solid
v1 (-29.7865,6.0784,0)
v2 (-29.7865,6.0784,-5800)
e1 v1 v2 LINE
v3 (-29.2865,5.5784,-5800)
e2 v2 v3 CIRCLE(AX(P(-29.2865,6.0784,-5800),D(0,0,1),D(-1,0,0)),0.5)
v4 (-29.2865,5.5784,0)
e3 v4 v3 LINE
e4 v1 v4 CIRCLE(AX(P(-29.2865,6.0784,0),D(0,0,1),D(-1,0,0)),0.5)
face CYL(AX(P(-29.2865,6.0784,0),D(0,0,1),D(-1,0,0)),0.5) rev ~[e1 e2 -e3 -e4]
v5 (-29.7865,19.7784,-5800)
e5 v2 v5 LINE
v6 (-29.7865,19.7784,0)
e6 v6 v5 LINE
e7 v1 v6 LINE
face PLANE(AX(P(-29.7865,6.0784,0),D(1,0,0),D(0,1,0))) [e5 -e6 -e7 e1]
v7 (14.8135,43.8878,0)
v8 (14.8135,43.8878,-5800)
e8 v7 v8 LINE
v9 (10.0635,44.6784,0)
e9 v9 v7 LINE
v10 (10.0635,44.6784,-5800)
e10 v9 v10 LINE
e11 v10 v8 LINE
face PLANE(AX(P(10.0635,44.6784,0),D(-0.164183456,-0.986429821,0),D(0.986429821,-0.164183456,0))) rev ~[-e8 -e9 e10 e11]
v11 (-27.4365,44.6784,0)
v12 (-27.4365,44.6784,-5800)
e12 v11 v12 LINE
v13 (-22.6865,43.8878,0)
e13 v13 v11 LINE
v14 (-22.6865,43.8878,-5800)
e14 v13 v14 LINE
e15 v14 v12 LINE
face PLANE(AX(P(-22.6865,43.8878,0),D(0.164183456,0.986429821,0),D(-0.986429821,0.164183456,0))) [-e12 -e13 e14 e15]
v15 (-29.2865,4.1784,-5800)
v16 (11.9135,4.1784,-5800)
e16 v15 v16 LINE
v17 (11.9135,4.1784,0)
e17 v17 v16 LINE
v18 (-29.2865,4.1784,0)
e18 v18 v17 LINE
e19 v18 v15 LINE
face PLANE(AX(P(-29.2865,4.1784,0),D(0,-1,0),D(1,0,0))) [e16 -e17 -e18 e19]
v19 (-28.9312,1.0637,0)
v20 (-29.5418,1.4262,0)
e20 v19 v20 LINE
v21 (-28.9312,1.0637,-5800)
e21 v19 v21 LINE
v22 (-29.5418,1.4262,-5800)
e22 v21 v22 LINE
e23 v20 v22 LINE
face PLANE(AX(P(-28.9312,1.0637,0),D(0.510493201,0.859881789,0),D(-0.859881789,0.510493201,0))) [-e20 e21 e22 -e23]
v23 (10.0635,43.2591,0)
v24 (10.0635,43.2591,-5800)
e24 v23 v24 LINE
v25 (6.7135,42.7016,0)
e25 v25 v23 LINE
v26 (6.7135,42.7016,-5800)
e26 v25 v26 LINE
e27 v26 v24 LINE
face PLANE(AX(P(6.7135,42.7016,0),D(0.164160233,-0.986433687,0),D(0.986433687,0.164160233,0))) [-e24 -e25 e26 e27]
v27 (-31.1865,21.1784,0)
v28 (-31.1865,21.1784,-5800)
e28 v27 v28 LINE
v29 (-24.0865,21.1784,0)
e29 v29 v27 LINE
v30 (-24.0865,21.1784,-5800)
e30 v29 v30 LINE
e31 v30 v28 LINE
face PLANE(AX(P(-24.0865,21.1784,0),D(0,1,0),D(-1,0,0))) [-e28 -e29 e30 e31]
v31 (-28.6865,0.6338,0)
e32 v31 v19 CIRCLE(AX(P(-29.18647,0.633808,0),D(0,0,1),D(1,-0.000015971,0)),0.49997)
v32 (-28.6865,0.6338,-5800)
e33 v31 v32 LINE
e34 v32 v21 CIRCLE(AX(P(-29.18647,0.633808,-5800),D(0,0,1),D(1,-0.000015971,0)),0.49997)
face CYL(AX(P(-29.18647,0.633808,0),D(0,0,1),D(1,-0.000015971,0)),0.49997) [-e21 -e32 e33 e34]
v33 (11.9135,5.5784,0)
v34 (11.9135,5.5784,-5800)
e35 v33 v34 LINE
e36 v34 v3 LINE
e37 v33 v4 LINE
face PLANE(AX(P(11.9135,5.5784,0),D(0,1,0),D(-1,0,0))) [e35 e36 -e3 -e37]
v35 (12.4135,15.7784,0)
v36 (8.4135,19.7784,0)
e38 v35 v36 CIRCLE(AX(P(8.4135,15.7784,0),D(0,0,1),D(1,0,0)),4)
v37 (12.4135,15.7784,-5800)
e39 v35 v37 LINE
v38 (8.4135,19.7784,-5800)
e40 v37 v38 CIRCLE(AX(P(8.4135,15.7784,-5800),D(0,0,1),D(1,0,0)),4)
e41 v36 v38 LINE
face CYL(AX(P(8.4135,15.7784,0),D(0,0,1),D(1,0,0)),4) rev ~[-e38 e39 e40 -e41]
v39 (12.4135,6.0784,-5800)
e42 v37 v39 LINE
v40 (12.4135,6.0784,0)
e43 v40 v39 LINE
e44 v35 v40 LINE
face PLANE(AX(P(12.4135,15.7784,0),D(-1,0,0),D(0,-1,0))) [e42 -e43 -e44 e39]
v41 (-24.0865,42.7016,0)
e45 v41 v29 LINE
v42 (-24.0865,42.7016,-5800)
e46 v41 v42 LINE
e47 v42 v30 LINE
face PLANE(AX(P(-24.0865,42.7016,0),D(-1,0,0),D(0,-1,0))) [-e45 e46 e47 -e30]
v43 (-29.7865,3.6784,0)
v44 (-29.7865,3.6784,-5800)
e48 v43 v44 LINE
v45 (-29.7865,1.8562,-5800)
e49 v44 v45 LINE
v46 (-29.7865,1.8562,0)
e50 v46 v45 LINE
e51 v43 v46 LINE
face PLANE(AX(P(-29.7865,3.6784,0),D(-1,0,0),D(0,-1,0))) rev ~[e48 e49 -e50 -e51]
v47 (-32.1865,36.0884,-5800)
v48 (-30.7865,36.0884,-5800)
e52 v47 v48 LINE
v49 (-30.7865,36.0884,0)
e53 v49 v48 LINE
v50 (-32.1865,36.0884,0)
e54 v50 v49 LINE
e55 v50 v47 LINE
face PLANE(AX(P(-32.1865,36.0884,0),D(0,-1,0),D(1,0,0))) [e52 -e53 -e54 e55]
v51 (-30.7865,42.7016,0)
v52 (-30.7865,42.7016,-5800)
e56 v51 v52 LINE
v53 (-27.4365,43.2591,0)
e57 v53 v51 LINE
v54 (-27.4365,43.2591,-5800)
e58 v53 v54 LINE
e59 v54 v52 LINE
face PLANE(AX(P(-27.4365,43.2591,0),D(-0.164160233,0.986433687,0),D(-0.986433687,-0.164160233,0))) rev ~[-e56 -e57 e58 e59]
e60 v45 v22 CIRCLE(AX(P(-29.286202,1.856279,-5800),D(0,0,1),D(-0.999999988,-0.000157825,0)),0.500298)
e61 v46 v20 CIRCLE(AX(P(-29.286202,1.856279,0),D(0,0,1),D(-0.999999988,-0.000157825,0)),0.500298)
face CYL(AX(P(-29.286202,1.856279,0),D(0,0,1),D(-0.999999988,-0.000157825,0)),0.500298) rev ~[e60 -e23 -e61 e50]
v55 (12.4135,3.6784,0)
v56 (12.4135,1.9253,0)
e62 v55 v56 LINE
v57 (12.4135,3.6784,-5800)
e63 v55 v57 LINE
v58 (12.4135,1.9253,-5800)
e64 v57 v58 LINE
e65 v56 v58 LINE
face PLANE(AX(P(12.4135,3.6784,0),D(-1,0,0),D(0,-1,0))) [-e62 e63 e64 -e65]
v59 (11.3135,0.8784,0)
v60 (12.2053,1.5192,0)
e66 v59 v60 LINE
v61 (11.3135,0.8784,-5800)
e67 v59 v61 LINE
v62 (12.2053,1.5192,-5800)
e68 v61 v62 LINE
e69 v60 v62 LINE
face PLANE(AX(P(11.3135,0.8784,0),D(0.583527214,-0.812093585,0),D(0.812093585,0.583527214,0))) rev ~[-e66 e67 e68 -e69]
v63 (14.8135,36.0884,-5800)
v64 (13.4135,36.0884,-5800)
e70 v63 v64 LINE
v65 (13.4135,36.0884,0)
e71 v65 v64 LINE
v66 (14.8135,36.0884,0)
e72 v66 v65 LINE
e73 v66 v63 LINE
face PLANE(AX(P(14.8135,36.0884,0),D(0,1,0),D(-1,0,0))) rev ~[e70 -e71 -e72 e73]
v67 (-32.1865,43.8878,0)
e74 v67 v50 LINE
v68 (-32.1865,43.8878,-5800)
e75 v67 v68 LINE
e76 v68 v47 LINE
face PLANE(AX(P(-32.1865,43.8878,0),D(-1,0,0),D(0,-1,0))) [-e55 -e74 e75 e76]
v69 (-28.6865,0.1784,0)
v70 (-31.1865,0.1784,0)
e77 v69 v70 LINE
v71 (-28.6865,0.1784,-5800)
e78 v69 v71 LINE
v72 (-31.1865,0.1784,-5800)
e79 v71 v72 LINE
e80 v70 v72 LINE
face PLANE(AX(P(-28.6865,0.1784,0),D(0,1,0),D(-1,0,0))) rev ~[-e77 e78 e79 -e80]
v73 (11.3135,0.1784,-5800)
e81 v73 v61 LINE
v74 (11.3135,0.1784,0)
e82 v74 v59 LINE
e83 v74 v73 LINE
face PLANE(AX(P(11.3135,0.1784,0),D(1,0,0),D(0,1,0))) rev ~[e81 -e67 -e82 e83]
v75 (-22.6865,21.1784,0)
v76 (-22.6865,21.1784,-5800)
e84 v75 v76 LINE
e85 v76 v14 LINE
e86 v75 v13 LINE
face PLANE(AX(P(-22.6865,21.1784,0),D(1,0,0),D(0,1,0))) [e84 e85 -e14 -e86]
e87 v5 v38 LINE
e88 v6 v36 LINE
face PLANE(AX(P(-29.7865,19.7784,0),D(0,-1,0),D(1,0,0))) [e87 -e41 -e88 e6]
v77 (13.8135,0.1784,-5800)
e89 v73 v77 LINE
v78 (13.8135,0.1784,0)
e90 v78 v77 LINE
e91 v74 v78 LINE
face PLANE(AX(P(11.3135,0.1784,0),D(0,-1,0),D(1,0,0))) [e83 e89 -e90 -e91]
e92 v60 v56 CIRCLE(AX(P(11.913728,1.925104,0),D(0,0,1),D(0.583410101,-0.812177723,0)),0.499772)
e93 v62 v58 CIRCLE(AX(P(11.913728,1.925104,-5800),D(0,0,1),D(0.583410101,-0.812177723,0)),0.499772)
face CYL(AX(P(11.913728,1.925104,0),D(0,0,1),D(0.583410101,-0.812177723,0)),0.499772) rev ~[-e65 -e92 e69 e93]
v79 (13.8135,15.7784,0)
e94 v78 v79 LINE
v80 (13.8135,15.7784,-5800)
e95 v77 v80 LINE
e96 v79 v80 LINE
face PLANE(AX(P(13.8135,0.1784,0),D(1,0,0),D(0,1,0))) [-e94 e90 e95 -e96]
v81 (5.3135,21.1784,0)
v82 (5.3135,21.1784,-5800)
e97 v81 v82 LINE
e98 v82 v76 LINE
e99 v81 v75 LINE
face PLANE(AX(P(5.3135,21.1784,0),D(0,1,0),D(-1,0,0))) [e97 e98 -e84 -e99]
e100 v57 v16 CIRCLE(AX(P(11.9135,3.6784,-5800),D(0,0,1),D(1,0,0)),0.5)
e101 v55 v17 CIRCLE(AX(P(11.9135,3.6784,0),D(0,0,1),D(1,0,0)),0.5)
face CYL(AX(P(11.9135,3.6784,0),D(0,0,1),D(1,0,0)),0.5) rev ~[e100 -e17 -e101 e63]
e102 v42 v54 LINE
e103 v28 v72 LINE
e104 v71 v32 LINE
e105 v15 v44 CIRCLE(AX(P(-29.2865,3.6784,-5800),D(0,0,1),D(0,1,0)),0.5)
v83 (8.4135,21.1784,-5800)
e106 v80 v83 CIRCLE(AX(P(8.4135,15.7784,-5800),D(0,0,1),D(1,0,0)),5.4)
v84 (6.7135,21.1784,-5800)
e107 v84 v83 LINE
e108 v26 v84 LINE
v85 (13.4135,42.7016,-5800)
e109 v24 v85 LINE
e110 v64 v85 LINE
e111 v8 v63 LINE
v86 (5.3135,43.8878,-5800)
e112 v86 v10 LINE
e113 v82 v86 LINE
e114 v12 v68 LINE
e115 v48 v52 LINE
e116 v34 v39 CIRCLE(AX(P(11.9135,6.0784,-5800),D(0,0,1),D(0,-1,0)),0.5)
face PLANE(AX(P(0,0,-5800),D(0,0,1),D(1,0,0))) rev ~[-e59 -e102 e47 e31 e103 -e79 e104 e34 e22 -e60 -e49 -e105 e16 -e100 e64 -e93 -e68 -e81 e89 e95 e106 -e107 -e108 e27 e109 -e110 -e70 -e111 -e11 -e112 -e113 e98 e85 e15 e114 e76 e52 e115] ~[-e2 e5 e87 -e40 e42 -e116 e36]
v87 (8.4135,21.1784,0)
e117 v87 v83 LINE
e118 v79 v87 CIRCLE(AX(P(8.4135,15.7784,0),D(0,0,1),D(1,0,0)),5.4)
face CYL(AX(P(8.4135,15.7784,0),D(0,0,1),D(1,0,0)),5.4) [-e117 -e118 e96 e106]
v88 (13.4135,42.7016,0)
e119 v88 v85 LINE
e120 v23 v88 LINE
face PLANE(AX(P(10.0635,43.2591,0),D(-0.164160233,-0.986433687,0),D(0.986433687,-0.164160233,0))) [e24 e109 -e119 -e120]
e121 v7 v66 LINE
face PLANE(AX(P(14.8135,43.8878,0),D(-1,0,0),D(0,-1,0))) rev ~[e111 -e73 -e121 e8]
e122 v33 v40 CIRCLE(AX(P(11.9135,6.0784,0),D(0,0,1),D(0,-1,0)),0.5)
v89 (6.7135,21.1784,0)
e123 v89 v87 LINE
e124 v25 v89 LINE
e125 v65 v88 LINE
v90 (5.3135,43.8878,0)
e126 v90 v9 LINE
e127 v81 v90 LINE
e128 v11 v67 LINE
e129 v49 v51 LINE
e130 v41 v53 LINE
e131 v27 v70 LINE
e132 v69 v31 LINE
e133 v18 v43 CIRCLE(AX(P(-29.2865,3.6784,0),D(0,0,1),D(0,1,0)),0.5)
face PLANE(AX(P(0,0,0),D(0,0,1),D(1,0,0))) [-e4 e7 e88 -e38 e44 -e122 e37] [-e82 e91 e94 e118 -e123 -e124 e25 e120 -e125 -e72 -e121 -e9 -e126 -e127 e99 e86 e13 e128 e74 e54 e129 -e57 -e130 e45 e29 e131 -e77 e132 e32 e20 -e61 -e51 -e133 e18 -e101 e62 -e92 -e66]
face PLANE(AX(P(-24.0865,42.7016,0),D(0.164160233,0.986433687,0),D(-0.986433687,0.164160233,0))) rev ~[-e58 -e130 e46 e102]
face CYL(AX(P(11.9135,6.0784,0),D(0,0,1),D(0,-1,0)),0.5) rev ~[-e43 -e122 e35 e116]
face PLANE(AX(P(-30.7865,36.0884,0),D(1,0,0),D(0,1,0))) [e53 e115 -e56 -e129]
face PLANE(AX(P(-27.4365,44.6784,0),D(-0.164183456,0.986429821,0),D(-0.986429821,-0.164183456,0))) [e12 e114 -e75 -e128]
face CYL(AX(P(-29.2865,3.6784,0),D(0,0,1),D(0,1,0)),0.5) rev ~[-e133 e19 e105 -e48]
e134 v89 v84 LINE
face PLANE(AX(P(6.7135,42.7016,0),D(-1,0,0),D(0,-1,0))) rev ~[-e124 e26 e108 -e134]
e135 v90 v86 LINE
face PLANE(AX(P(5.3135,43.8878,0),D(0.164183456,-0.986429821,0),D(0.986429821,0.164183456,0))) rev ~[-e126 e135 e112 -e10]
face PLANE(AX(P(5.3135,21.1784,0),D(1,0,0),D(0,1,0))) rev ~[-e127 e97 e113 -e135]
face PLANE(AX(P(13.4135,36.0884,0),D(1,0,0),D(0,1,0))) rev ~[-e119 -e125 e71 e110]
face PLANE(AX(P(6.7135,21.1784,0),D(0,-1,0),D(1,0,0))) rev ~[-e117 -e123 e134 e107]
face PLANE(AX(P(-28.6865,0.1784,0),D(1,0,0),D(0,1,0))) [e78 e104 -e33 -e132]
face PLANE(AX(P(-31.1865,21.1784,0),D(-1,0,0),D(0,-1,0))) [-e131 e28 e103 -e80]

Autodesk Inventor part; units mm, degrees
ref_plane "YZ Plane" through (0, 0, 0) normal (1, 0, 0) x (0, 1, 0)
ref_plane "XZ Plane" through (0, 0, 0) normal (0, 1, 0) x (-1, 0, 0)
ref_plane "XY Plane" through (0, 0, 0) normal (0, 0, 1) x (1, 0, 0)
sketch "Boceto1" plane through (0, 0, 0) normal (0, 0, 1) x (1, 0, 0)
  line L0 (-31.1865, 21.1784) -> (-31.1865, 0.1784)
  line L1 (-29.2865, 4.1784) -> (11.9135, 4.1784)
  line L2 (13.8135, 0.1784) -> (13.8135, 15.7784)
  line L3 (6.7135, 42.7016) -> (6.7135, 21.1784)
  line L4 (-29.7865, 19.7784) -> (8.4135, 19.7784)
  line L5 (12.4135, 15.7784) -> (12.4135, 6.0784)
  line L6 (11.9135, 5.5784) -> (-29.2865, 5.5784)
  line L7 (-29.7865, 6.0784) -> (-29.7865, 19.7784)
  arc A0 (12.4135, 15.7784) -> (8.4135, 19.7784) centre (8.4135, 15.7784) ccw
  line L8 (12.4135, 3.6784) -> (12.4135, 1.9253)
  line L9 (11.3135, 0.1784) -> (13.8135, 0.1784)
  line L10 (5.3135, 21.1784) -> (5.3135, 43.8878)
  line L11 (-29.7865, 3.6784) -> (-29.7865, 1.8562)
  line L12 (-28.6865, 0.1784) -> (-31.1865, 0.1784)
  line L13 (-28.6865, 0.1784) -> (-28.6865, 0.6338)
  line L14 (11.3135, 0.1784) -> (11.3135, 0.8784)
  line L15 (-28.9312, 1.0637) -> (-29.5418, 1.4262)
  line L16 (11.3135, 0.8784) -> (12.2053, 1.5192)
  arc A1 (11.9135, 5.5784) -> (12.4135, 6.0784) centre (11.9135, 6.0784) ccw
  arc A2 (12.4135, 3.6784) -> (11.9135, 4.1784) centre (11.9135, 3.6784) ccw
  arc A3 (12.2053, 1.5192) -> (12.4135, 1.9253) centre (11.9135, 1.9253) ccw
  arc A4 (-29.7865, 6.0784) -> (-29.2865, 5.5784) centre (-29.2865, 6.0784) ccw
  arc A5 (-29.2865, 4.1784) -> (-29.7865, 3.6784) centre (-29.2865, 3.6784) ccw
  arc A6 (-29.7865, 1.8562) -> (-29.5418, 1.4262) centre (-29.2865, 1.8562) ccw
  arc A7 (-28.6865, 0.6338) -> (-28.9312, 1.0637) centre (-29.1865, 0.6338) ccw
  line L17 (5.3135, 43.8878) -> (10.0635, 44.6784)
  line L18 (10.0635, 44.6784) -> (14.8135, 43.8878)
  line L19 (6.7135, 42.7016) -> (10.0635, 43.2591)
  line L20 (10.0635, 43.2591) -> (13.4135, 42.7016)
  line L21 (14.8135, 43.8878) -> (14.8135, 36.0884)
  line L22 (14.8135, 36.0884) -> (13.4135, 36.0884)
  line L23 (13.4135, 36.0884) -> (13.4135, 42.7016)
  line L24 (6.7135, 21.1784) -> (8.4135, 21.1784)
  arc A8 (13.8135, 15.7784) -> (8.4135, 21.1784) centre (8.4135, 15.7784) ccw
  line L25 (10.0635, 52.6138) -> (10.0635, 36.0884) construction
  line L26 (-24.0865, 42.7016) -> (-24.0865, 21.1784)
  line L27 (-22.6865, 21.1784) -> (-22.6865, 43.8878)
  line L28 (-22.6865, 43.8878) -> (-27.4365, 44.6784)
  line L29 (-27.4365, 44.6784) -> (-32.1865, 43.8878)
  line L30 (-24.0865, 42.7016) -> (-27.4365, 43.2591)
  line L31 (-27.4365, 43.2591) -> (-30.7865, 42.7016)
  line L32 (-32.1865, 43.8878) -> (-32.1865, 36.0884)
  line L33 (-32.1865, 36.0884) -> (-30.7865, 36.0884)
  line L34 (-30.7865, 36.0884) -> (-30.7865, 42.7016)
  line L35 (-27.4365, 52.6138) -> (-27.4365, 36.0884) construction
  line L36 (5.3135, 21.1784) -> (-22.6865, 21.1784)
  line L37 (-24.0865, 21.1784) -> (-31.1865, 21.1784)
  line L38 (-8.6865, 50.2757) -> (-8.6865, -0.697) construction
  point P0 (0, 0)
  point P1 (-29.7865, 1.5715)
  point P2 (-28.6865, 0.9184)
  dimension "d17" = 4
  dimension "d24" = 1.4
  dimension "d50" = 0.7
  dimension "d61" = 0.74
  dimension "d62" = 30.7
  dimension "d63" = 35.7
  dimension "d206" = 1.4
  dimension "d207" = 1.4
  dimension "d210" = 1.4
  dimension "d211" = 1.4
  dimension "d213" = 14.2
  dimension "d214" = 1.4
  dimension "d215" = 1.4
  dimension "d216" = 1.4
  dimension "d217" = 1.4
  dimension "d218" = 45
  dimension "d223" = 5.4
  dimension "d224" = 1.4
  dimension "d225" = 9.5
  dimension "d226" = 4.75
  dimension "d227" = 3.35
  dimension "d228" = 6.7
  dimension "d229" = 44.5
  dimension "d230" = 3.35
  dimension "d231" = 2.5
  dimension "d232" = 2.5
  dimension "d240" = 8.59
  dimension "d241" = 3.35
  dimension "d242" = 99.45
  dimension "d243" = 161.1
  dimension "d246" = 1.4
  dimension "d247" = 1.4
  dimension "d248" = 1.4
  dimension "d253" = 1.4
  dimension "d254" = 1.4
  dimension "d255" = 1.4
  dimension "d256" = 1.4
  dimension "d257" = 8.59
  dimension "d258" = 161.1
  dimension "d259" = 99.45
  dimension "d260" = 22.5
  dimension "d266" = 23.5
  dimension "d267" = 47
  dimension "d268" = 3.35
  dimension "d269" = 9.5
  dimension "d270" = 4.75
  dimension "d271" = 3.35
  dimension "d272" = 6.7
  dimension "d273" = 28
  dimension "d274" = 37.5
  dimension "d275" = 8.5
  dimension "d276" = 8.5
  dimension "d277" = 44.5
  dimension "d278" = 0.5
  dimension "d279" = 14.91
  dimension "d280" = 14.91
  dimension "d281" = 14.8135
  dimension "d282" = 36.0884
  dimension "d283" = 16.5254
  dimension "d284" = 0
  dimension "d285" = 14.1873
  dimension "d286" = 36.7854
  dimension "d287" = 16.5254
  dimension "d288" = 0
extrude "Extrusión1" add sketch "Boceto1" against normal blind 5800
properties part number "SP40-09 MARCO CORREDERA" material "Aluminio"
